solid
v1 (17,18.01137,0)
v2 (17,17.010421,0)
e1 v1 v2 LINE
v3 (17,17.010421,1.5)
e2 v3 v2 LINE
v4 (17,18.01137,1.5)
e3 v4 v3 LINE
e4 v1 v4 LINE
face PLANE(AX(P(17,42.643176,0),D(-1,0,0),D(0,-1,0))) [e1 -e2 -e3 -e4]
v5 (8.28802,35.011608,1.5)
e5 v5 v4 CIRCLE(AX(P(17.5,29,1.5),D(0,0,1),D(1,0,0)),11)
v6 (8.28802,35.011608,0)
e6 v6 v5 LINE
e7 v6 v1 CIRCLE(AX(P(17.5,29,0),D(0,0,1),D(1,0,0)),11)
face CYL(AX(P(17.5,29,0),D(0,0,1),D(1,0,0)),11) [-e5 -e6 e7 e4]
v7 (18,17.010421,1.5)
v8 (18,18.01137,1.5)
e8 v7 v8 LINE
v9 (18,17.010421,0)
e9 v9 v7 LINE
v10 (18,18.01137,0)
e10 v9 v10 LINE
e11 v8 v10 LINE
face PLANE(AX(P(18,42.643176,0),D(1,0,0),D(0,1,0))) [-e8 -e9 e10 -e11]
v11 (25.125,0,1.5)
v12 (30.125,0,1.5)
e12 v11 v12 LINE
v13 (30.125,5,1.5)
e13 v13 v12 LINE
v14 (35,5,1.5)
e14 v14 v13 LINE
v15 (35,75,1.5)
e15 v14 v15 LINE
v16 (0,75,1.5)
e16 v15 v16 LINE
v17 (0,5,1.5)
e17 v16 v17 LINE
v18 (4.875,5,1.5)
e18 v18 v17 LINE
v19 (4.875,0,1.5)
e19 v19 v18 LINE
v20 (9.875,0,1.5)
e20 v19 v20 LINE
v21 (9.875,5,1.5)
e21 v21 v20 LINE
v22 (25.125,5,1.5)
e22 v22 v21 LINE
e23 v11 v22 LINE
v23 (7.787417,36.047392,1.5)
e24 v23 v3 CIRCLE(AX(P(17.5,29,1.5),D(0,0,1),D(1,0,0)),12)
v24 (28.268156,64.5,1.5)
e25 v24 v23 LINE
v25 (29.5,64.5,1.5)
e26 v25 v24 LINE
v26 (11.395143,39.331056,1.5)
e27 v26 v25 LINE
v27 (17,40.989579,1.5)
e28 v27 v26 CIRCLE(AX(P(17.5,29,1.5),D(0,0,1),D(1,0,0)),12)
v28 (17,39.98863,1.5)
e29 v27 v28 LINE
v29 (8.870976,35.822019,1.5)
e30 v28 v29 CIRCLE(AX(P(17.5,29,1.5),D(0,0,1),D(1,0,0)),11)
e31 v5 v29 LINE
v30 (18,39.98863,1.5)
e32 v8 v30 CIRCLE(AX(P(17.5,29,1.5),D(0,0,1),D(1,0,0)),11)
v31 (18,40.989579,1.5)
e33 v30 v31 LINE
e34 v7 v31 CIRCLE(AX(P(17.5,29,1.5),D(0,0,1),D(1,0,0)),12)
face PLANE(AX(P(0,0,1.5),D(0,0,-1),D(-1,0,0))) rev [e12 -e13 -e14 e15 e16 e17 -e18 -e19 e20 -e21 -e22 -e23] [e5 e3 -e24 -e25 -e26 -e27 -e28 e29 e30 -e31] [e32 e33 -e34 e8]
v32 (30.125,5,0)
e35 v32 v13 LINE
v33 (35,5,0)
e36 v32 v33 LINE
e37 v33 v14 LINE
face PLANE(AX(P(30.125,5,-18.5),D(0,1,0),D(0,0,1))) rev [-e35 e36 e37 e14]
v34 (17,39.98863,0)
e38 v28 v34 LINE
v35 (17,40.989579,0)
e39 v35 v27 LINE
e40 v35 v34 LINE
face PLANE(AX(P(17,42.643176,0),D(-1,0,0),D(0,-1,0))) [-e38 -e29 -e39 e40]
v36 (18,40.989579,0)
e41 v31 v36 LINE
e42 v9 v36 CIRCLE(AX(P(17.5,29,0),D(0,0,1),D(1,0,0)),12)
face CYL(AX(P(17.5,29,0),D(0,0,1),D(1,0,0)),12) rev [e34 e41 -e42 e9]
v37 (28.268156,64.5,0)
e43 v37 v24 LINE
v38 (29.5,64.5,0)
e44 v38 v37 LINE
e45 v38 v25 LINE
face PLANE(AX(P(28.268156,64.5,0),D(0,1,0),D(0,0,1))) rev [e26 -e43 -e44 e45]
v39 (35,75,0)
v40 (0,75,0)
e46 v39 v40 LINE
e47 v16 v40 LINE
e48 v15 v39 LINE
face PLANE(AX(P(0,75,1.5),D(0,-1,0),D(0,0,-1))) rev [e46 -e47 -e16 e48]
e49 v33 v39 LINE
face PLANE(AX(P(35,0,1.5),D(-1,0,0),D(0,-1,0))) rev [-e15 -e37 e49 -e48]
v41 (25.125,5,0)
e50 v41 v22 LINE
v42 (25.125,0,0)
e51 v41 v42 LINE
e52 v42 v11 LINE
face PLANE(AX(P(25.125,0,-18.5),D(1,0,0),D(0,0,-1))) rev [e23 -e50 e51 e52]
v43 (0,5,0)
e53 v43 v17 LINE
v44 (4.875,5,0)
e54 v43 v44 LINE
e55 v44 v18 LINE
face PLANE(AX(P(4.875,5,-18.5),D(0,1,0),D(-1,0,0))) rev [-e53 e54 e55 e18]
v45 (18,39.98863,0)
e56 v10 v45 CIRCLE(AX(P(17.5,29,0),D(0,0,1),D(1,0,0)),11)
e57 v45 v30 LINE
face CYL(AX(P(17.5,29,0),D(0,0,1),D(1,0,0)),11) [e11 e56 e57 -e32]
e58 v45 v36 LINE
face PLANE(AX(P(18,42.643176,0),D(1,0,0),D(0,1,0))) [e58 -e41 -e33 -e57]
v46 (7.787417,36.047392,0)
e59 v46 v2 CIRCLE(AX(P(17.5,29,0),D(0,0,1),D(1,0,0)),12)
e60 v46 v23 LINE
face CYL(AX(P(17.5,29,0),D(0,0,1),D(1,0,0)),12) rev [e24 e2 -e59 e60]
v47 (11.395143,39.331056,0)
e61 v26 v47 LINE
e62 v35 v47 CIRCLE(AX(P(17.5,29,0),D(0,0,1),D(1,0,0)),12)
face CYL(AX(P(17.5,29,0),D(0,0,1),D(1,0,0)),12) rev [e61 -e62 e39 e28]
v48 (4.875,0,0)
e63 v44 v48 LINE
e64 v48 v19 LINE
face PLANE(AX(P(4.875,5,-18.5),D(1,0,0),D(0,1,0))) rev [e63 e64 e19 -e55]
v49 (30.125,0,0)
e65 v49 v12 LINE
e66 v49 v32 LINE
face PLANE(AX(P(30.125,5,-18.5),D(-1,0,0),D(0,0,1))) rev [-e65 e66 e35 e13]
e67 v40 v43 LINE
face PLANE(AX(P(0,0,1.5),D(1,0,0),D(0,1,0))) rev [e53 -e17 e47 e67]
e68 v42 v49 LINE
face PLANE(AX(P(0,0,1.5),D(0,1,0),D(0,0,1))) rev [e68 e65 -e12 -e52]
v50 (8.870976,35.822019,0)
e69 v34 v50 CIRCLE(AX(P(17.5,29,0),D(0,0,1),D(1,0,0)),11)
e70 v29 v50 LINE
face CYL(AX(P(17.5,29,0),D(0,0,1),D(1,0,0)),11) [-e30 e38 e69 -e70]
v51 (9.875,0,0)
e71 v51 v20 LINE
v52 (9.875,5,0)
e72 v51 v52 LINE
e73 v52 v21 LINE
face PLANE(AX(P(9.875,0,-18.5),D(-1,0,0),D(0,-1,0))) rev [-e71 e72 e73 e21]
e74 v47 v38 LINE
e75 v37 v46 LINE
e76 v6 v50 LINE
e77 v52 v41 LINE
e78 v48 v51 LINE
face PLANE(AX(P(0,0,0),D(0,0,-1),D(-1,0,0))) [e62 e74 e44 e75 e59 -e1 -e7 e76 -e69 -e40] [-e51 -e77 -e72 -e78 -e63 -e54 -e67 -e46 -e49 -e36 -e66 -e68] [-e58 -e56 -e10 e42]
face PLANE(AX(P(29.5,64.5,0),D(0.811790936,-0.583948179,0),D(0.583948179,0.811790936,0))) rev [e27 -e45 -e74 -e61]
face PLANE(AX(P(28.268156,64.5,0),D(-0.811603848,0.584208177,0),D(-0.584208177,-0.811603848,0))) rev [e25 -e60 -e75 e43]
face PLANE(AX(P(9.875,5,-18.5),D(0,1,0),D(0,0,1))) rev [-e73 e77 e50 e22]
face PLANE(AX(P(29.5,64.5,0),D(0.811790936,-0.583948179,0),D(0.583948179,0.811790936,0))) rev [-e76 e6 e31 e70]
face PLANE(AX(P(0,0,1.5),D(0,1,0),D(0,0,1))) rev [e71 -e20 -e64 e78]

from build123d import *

# Parameters (mm, degrees)
SKIZZE1_W                        = 35
SKIZZE1_H                        = 75
AUFSATZ_LINEAR_AUSTRAGEN1_DEPTH  = 1.5
SKIZZE3_W                        = 15.25
SKIZZE3_H                        = 5
SKIZZE3_W_2                      = 4.875
SCHNITT_LINEAR_AUSTRAGEN12_DEPTH = 20
SKIZZE10_R                       = 12
SKIZZE10_R_2                     = 11
SCHNITT_LINEAR_AUSTRAGEN16_DEPTH = 1.5
SCHNITT_LINEAR_AUSTRAGEN17_DEPTH = 1.5
SKIZZE12_W                       = 1
SKIZZE12_H                       = 28.144103088
AUFSATZ_LINEAR_AUSTRAGEN7_DEPTH  = 1.5


with BuildPart() as part:
    # Skizze1 → Aufsatz-Linear austragen1 (new body)
    with BuildSketch(Plane.XY):
        with Locations((17.5, 37.5)):
            Rectangle(SKIZZE1_W, SKIZZE1_H)
    extrude(amount=AUFSATZ_LINEAR_AUSTRAGEN1_DEPTH)

    # Skizze3 → Schnitt-Linear austragen12 (cut)
    with BuildSketch(Plane.XY.offset(1.5)):
        with Locations((17.5, 2.5)):
            Rectangle(SKIZZE3_W, SKIZZE3_H)
        with Locations((32.5625, 2.5)):
            Rectangle(SKIZZE3_W_2, SKIZZE3_H)
        with Locations((2.4375, 2.5)):
            Rectangle(SKIZZE3_W_2, SKIZZE3_H)
    extrude(amount=-SCHNITT_LINEAR_AUSTRAGEN12_DEPTH, mode=Mode.SUBTRACT)

    # Skizze10 → Schnitt-Linear austragen16 (cut)
    with BuildSketch(Plane.XY.offset(1.5)):
        with Locations((17.5, 29)):
            Circle(SKIZZE10_R)
        with Locations((17.5, 29)):
            Circle(SKIZZE10_R_2, mode=Mode.SUBTRACT)
    extrude(amount=-SCHNITT_LINEAR_AUSTRAGEN16_DEPTH, mode=Mode.SUBTRACT)


with BuildPart() as schnitt_linear_austragen16_piece_1:
    # of the separate pieces the step leaves, piece 1, a body of its own (schnitt_linear_austragen16_pieces)
    add(part.part.solids().sort_by_distance((4.875, 0, 0))[0])


with BuildPart() as schnitt_linear_austragen16_piece_2:
    # of the separate pieces the step leaves, piece 2, a body of its own (schnitt_linear_austragen16_pieces)
    add(part.part.solids().sort_by_distance((28.5, 29, 0))[0])


with BuildPart() as schnitt_linear_austragen17_tool:
    # Skizze11 → Schnitt-Linear austragen17 (new body)
    with BuildSketch(Plane.XY.offset(1.5)):
        Polygon((28.268155747, 64.5), (29.5, 64.5), (8.288020016, 35.011607504), (7.787416934, 36.04739173), align=None)
    extrude(amount=-SCHNITT_LINEAR_AUSTRAGEN17_DEPTH)


with BuildPart() as schnitt_linear_austragen16_piece_1_1:
    add(schnitt_linear_austragen16_piece_1.part)

    # Schnitt-Linear austragen17: cut by schnitt_linear_austragen17_tool
    add(schnitt_linear_austragen17_tool.part, mode=Mode.SUBTRACT)



with BuildPart() as schnitt_linear_austragen16_piece_2_1:
    add(schnitt_linear_austragen16_piece_2.part)

    # Schnitt-Linear austragen17: cut by schnitt_linear_austragen17_tool
    add(schnitt_linear_austragen17_tool.part, mode=Mode.SUBTRACT)


with BuildPart() as schnitt_linear_austragen16_piece_1_2:
    add(schnitt_linear_austragen16_piece_1_1.part)

    add(schnitt_linear_austragen16_piece_2_1.part)  # Aufsatz-Linear austragen7 merges Schnitt-Linear austragen16 piece 2
    # Skizze12 → Aufsatz-Linear austragen7 (add)
    with BuildSketch(Plane.XY.offset(1.5)):
        with Locations((17.5, 28.571124528)):
            Rectangle(SKIZZE12_W, SKIZZE12_H)
    extrude(amount=-AUFSATZ_LINEAR_AUSTRAGEN7_DEPTH)


solid = schnitt_linear_austragen16_piece_1_2.part
